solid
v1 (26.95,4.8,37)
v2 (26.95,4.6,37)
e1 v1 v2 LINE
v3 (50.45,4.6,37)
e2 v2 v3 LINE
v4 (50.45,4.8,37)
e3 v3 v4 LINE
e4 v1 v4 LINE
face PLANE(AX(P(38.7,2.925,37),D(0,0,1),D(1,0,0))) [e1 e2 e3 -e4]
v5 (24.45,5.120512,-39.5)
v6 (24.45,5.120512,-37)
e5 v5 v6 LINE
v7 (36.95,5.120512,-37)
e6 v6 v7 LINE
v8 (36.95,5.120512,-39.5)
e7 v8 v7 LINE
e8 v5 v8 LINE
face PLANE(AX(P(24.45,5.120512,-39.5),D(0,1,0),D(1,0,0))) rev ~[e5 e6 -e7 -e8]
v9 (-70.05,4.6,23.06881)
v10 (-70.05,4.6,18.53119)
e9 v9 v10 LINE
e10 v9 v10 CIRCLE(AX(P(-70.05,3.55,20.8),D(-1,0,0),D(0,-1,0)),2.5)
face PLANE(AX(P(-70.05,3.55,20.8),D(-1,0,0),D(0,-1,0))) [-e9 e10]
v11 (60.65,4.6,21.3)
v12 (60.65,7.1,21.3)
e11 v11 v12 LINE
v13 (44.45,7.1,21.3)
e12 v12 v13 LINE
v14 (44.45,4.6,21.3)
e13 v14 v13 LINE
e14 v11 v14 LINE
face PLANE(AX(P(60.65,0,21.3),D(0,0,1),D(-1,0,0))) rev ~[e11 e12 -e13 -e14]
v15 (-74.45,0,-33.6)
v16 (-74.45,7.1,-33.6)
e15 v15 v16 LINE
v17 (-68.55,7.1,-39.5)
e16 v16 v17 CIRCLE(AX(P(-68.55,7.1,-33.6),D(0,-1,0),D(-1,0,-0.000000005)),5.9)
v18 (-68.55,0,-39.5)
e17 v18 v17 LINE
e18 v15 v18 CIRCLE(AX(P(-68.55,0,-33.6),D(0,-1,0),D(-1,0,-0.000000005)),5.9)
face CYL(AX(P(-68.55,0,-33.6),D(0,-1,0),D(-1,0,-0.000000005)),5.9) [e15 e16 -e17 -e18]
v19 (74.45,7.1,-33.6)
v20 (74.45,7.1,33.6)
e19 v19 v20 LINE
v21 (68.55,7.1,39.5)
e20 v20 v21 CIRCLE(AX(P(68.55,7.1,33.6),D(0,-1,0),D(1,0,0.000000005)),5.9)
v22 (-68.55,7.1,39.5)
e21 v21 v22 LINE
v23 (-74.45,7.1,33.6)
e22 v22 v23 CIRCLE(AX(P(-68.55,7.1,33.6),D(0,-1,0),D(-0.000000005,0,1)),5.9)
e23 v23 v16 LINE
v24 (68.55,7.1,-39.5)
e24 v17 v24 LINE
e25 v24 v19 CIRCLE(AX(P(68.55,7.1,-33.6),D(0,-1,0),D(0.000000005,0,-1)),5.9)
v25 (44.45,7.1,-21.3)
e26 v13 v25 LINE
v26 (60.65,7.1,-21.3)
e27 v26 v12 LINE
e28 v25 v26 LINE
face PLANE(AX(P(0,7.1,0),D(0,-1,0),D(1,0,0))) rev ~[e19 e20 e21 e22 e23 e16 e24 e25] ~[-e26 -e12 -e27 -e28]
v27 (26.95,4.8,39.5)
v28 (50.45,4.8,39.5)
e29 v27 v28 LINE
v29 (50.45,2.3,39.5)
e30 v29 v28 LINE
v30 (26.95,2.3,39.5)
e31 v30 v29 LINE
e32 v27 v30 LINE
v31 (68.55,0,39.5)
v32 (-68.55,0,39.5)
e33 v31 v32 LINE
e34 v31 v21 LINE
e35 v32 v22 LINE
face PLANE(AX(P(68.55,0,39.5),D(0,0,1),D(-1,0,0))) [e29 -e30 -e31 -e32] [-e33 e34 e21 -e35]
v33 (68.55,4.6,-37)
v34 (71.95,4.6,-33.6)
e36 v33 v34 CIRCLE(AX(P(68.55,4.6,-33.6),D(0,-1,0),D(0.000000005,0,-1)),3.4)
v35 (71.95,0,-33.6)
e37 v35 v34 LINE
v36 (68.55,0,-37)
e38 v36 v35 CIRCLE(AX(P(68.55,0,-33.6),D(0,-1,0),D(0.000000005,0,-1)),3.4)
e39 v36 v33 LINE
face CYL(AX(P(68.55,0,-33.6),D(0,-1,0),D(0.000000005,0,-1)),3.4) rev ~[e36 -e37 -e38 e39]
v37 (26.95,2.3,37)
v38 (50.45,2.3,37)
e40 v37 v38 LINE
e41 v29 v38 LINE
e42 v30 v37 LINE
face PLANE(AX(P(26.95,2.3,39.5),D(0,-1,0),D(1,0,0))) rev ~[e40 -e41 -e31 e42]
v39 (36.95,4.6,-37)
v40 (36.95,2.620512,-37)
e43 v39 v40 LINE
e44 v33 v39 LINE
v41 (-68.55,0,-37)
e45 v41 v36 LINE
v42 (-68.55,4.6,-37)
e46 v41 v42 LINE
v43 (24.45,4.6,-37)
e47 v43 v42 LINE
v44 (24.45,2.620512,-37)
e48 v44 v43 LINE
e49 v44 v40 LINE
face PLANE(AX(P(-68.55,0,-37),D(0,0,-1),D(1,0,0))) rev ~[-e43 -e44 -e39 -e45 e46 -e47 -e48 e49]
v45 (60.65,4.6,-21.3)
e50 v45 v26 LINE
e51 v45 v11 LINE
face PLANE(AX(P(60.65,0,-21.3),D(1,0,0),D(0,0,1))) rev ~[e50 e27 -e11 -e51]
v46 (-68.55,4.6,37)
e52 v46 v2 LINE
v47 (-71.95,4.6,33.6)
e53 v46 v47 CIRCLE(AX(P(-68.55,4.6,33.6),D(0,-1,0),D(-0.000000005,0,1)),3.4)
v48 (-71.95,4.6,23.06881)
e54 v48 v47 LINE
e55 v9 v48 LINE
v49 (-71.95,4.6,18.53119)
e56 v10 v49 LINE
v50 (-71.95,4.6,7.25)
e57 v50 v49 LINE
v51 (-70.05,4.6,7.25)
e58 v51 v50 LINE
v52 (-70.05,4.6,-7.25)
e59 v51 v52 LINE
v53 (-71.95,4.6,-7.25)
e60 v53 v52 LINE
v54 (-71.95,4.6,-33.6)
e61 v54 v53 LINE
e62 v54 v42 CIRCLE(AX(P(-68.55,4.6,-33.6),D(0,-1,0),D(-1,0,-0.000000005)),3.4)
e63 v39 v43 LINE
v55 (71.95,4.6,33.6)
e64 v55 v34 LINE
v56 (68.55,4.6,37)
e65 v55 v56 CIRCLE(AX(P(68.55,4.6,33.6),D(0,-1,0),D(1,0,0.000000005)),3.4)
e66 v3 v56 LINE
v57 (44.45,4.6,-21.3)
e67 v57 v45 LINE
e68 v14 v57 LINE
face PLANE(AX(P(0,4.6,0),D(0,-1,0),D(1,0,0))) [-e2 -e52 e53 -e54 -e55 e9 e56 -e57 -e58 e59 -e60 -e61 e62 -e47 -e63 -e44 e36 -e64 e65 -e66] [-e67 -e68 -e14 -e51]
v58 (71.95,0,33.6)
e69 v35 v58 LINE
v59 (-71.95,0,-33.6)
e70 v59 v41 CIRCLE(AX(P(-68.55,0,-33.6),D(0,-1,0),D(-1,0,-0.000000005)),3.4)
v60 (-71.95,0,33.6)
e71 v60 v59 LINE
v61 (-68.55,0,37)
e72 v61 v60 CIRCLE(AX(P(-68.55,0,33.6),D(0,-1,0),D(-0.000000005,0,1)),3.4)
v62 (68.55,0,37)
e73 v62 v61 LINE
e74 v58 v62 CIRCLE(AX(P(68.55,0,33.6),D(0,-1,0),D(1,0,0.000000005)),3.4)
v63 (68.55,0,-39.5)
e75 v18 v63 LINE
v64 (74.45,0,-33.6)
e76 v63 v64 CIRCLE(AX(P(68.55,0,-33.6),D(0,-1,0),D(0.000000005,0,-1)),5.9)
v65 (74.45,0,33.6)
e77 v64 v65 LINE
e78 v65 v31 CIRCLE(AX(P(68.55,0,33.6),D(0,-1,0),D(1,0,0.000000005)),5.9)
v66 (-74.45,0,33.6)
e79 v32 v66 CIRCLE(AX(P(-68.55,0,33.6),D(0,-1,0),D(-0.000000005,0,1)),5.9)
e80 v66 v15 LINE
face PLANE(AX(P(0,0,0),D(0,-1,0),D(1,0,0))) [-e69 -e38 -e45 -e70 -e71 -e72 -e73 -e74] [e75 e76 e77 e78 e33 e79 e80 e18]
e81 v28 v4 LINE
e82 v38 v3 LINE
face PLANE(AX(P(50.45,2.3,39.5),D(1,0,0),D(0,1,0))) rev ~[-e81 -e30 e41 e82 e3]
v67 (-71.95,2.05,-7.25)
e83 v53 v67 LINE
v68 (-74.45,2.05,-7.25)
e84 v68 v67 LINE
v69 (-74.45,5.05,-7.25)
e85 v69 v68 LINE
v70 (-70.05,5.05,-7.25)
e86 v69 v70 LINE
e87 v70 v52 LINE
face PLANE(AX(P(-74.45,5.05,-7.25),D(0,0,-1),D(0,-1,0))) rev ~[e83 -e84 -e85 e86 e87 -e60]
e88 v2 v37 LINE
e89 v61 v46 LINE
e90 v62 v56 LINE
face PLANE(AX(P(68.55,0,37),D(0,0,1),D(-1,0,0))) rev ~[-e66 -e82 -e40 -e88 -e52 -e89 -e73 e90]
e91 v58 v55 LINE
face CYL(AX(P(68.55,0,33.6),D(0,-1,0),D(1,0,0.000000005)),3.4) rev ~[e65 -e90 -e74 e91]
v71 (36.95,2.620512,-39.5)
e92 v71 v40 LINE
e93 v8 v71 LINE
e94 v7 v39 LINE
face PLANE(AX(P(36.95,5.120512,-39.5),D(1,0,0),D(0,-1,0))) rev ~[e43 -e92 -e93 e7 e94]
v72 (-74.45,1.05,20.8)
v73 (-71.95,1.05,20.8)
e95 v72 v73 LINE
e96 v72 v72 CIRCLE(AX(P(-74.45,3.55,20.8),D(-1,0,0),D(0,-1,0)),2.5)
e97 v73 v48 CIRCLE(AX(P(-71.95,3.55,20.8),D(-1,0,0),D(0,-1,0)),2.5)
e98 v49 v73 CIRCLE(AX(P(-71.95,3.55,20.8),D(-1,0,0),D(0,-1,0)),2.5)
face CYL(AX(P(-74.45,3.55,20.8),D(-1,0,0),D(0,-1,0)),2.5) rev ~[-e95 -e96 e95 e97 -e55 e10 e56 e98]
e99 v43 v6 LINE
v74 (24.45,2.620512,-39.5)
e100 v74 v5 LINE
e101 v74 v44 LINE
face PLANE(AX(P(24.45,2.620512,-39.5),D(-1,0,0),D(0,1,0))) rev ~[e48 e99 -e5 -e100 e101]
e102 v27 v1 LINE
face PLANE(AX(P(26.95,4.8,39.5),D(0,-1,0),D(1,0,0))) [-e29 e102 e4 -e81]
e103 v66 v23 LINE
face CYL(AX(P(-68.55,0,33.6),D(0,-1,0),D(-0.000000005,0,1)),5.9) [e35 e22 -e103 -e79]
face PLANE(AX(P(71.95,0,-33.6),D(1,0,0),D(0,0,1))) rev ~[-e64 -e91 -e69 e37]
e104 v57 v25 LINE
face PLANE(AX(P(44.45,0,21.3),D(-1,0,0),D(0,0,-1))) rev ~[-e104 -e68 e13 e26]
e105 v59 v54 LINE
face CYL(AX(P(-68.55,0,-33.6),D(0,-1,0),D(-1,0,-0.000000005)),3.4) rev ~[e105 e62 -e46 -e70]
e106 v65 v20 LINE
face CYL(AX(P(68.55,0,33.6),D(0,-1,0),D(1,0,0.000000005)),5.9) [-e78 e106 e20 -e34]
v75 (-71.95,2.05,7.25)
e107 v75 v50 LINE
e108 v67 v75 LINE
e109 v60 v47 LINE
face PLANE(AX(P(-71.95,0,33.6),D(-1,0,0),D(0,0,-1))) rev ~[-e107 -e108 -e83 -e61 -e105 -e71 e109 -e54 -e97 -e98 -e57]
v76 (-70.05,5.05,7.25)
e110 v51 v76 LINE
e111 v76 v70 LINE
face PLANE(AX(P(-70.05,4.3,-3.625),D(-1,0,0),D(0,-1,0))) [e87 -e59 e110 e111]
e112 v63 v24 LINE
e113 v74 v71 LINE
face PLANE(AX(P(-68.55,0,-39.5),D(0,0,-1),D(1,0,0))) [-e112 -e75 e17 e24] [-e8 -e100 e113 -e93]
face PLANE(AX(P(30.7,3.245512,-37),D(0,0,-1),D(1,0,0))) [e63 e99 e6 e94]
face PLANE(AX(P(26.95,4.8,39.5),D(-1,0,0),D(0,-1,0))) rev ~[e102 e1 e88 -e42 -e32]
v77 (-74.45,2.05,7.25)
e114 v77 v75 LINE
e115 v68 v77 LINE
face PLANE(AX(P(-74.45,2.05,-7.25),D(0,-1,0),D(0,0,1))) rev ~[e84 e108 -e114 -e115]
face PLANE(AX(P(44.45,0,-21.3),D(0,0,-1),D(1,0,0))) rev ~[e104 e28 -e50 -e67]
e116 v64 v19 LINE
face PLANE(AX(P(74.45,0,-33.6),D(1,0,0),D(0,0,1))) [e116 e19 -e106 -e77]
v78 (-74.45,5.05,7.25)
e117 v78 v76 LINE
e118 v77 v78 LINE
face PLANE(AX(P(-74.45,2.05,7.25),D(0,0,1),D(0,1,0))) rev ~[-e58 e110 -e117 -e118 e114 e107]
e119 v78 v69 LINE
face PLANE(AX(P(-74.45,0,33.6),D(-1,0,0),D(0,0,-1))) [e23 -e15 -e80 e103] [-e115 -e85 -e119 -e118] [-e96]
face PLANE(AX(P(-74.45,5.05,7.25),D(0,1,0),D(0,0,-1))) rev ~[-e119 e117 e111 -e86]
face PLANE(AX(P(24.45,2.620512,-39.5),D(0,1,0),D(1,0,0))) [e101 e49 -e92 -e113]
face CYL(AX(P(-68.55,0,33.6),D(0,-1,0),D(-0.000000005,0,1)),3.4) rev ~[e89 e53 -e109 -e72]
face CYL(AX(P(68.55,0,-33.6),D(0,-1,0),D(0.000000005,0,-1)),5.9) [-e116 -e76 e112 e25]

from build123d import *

# Parameters (mm, degrees)
F1_DEPTH  = 7.1
F2_T      = -2.5
F4_DEPTH  = 25
F5_W      = 12.5
F5_H      = 1.25
F6_DEPTH  = 2.5
F7_W      = 23.5
F7_H      = 1.25
F8_DEPTH  = 2.5
F9_W      = 1.5
F9_H      = 7.25
F9_R      = 2.5
F10_DEPTH = 4.4


with BuildPart() as f1:
    # F0 (on Front) → F1 (new body)
    with BuildSketch(Plane.XZ):
        with BuildLine():
            Line((68.55, 39.5), (-68.55, 39.5))
            ThreePointArc((-68.55, 39.5), (-72.72193, 37.77193), (-74.45, 33.6))
            Line((-74.45, 33.6), (-74.45, -33.6))
            ThreePointArc((-74.45, -33.6), (-72.72193, -37.77193), (-68.55, -39.5))
            Line((-68.55, -39.5), (68.55, -39.5))
            ThreePointArc((68.55, -39.5), (72.72193, -37.77193), (74.45, -33.6))
            Line((74.45, -33.6), (74.45, 33.6))
            ThreePointArc((74.45, 33.6), (72.72193, 37.77193), (68.55, 39.5))
        make_face()
    extrude(amount=-F1_DEPTH)

    # F2
    f2_openings = [f1.faces().sort_by_distance(p)[0] for p in [
        (0, 0, 0),
    ]]
    offset(amount=F2_T, openings=f2_openings)

    # F3 (on Front) → F4 (cut)
    with BuildSketch(Plane.XZ):
        Polygon((60.65, 21.3), (44.45, 21.3), (44.45, 0), (44.45, -21.3), (60.65, -21.3), (60.65, 0), align=None)
    extrude(amount=-F4_DEPTH, mode=Mode.SUBTRACT)

    # F5 (on face) → F6 (cut)
    with BuildSketch(Plane(origin=(0, 0, -39.5), x_dir=(1, 0, 0), z_dir=(0, 0, -1))):
        with Locations((30.7, -3.245512)):
            Rectangle(F5_W, F5_H)
        with Locations((30.7, -4.495512)):
            Rectangle(F5_W, F5_H)
    extrude(amount=-F6_DEPTH, mode=Mode.SUBTRACT)

    # F7 (on face) → F8 (cut)
    with BuildSketch(Plane.XY.offset(39.5)):
        with Locations((38.7, 2.925)):
            Rectangle(F7_W, F7_H)
        with Locations((38.7, 4.175)):
            Rectangle(F7_W, F7_H)
    extrude(amount=-F8_DEPTH, mode=Mode.SUBTRACT)

    # F9 (on face) → F10 (cut)
    with BuildSketch(Plane(origin=(-74.45, 0, 0), x_dir=(0, -1, 0), z_dir=(-1, 0, 0))):
        with Locations((-4.3, -3.625)):
            Rectangle(F9_W, F9_H)
        with Locations((-2.8, -3.625)):
            Rectangle(F9_W, F9_H)
        Polygon((-3.55, 0), (-2.05, 0), (-2.05, 7.25), (-3.55, 7.25), (-5.05, 7.25), (-5.05, 0), align=None)
        with Locations((-3.55, 20.8)):
            Circle(F9_R)
    extrude(amount=-F10_DEPTH, mode=Mode.SUBTRACT)


solid = f1.part
